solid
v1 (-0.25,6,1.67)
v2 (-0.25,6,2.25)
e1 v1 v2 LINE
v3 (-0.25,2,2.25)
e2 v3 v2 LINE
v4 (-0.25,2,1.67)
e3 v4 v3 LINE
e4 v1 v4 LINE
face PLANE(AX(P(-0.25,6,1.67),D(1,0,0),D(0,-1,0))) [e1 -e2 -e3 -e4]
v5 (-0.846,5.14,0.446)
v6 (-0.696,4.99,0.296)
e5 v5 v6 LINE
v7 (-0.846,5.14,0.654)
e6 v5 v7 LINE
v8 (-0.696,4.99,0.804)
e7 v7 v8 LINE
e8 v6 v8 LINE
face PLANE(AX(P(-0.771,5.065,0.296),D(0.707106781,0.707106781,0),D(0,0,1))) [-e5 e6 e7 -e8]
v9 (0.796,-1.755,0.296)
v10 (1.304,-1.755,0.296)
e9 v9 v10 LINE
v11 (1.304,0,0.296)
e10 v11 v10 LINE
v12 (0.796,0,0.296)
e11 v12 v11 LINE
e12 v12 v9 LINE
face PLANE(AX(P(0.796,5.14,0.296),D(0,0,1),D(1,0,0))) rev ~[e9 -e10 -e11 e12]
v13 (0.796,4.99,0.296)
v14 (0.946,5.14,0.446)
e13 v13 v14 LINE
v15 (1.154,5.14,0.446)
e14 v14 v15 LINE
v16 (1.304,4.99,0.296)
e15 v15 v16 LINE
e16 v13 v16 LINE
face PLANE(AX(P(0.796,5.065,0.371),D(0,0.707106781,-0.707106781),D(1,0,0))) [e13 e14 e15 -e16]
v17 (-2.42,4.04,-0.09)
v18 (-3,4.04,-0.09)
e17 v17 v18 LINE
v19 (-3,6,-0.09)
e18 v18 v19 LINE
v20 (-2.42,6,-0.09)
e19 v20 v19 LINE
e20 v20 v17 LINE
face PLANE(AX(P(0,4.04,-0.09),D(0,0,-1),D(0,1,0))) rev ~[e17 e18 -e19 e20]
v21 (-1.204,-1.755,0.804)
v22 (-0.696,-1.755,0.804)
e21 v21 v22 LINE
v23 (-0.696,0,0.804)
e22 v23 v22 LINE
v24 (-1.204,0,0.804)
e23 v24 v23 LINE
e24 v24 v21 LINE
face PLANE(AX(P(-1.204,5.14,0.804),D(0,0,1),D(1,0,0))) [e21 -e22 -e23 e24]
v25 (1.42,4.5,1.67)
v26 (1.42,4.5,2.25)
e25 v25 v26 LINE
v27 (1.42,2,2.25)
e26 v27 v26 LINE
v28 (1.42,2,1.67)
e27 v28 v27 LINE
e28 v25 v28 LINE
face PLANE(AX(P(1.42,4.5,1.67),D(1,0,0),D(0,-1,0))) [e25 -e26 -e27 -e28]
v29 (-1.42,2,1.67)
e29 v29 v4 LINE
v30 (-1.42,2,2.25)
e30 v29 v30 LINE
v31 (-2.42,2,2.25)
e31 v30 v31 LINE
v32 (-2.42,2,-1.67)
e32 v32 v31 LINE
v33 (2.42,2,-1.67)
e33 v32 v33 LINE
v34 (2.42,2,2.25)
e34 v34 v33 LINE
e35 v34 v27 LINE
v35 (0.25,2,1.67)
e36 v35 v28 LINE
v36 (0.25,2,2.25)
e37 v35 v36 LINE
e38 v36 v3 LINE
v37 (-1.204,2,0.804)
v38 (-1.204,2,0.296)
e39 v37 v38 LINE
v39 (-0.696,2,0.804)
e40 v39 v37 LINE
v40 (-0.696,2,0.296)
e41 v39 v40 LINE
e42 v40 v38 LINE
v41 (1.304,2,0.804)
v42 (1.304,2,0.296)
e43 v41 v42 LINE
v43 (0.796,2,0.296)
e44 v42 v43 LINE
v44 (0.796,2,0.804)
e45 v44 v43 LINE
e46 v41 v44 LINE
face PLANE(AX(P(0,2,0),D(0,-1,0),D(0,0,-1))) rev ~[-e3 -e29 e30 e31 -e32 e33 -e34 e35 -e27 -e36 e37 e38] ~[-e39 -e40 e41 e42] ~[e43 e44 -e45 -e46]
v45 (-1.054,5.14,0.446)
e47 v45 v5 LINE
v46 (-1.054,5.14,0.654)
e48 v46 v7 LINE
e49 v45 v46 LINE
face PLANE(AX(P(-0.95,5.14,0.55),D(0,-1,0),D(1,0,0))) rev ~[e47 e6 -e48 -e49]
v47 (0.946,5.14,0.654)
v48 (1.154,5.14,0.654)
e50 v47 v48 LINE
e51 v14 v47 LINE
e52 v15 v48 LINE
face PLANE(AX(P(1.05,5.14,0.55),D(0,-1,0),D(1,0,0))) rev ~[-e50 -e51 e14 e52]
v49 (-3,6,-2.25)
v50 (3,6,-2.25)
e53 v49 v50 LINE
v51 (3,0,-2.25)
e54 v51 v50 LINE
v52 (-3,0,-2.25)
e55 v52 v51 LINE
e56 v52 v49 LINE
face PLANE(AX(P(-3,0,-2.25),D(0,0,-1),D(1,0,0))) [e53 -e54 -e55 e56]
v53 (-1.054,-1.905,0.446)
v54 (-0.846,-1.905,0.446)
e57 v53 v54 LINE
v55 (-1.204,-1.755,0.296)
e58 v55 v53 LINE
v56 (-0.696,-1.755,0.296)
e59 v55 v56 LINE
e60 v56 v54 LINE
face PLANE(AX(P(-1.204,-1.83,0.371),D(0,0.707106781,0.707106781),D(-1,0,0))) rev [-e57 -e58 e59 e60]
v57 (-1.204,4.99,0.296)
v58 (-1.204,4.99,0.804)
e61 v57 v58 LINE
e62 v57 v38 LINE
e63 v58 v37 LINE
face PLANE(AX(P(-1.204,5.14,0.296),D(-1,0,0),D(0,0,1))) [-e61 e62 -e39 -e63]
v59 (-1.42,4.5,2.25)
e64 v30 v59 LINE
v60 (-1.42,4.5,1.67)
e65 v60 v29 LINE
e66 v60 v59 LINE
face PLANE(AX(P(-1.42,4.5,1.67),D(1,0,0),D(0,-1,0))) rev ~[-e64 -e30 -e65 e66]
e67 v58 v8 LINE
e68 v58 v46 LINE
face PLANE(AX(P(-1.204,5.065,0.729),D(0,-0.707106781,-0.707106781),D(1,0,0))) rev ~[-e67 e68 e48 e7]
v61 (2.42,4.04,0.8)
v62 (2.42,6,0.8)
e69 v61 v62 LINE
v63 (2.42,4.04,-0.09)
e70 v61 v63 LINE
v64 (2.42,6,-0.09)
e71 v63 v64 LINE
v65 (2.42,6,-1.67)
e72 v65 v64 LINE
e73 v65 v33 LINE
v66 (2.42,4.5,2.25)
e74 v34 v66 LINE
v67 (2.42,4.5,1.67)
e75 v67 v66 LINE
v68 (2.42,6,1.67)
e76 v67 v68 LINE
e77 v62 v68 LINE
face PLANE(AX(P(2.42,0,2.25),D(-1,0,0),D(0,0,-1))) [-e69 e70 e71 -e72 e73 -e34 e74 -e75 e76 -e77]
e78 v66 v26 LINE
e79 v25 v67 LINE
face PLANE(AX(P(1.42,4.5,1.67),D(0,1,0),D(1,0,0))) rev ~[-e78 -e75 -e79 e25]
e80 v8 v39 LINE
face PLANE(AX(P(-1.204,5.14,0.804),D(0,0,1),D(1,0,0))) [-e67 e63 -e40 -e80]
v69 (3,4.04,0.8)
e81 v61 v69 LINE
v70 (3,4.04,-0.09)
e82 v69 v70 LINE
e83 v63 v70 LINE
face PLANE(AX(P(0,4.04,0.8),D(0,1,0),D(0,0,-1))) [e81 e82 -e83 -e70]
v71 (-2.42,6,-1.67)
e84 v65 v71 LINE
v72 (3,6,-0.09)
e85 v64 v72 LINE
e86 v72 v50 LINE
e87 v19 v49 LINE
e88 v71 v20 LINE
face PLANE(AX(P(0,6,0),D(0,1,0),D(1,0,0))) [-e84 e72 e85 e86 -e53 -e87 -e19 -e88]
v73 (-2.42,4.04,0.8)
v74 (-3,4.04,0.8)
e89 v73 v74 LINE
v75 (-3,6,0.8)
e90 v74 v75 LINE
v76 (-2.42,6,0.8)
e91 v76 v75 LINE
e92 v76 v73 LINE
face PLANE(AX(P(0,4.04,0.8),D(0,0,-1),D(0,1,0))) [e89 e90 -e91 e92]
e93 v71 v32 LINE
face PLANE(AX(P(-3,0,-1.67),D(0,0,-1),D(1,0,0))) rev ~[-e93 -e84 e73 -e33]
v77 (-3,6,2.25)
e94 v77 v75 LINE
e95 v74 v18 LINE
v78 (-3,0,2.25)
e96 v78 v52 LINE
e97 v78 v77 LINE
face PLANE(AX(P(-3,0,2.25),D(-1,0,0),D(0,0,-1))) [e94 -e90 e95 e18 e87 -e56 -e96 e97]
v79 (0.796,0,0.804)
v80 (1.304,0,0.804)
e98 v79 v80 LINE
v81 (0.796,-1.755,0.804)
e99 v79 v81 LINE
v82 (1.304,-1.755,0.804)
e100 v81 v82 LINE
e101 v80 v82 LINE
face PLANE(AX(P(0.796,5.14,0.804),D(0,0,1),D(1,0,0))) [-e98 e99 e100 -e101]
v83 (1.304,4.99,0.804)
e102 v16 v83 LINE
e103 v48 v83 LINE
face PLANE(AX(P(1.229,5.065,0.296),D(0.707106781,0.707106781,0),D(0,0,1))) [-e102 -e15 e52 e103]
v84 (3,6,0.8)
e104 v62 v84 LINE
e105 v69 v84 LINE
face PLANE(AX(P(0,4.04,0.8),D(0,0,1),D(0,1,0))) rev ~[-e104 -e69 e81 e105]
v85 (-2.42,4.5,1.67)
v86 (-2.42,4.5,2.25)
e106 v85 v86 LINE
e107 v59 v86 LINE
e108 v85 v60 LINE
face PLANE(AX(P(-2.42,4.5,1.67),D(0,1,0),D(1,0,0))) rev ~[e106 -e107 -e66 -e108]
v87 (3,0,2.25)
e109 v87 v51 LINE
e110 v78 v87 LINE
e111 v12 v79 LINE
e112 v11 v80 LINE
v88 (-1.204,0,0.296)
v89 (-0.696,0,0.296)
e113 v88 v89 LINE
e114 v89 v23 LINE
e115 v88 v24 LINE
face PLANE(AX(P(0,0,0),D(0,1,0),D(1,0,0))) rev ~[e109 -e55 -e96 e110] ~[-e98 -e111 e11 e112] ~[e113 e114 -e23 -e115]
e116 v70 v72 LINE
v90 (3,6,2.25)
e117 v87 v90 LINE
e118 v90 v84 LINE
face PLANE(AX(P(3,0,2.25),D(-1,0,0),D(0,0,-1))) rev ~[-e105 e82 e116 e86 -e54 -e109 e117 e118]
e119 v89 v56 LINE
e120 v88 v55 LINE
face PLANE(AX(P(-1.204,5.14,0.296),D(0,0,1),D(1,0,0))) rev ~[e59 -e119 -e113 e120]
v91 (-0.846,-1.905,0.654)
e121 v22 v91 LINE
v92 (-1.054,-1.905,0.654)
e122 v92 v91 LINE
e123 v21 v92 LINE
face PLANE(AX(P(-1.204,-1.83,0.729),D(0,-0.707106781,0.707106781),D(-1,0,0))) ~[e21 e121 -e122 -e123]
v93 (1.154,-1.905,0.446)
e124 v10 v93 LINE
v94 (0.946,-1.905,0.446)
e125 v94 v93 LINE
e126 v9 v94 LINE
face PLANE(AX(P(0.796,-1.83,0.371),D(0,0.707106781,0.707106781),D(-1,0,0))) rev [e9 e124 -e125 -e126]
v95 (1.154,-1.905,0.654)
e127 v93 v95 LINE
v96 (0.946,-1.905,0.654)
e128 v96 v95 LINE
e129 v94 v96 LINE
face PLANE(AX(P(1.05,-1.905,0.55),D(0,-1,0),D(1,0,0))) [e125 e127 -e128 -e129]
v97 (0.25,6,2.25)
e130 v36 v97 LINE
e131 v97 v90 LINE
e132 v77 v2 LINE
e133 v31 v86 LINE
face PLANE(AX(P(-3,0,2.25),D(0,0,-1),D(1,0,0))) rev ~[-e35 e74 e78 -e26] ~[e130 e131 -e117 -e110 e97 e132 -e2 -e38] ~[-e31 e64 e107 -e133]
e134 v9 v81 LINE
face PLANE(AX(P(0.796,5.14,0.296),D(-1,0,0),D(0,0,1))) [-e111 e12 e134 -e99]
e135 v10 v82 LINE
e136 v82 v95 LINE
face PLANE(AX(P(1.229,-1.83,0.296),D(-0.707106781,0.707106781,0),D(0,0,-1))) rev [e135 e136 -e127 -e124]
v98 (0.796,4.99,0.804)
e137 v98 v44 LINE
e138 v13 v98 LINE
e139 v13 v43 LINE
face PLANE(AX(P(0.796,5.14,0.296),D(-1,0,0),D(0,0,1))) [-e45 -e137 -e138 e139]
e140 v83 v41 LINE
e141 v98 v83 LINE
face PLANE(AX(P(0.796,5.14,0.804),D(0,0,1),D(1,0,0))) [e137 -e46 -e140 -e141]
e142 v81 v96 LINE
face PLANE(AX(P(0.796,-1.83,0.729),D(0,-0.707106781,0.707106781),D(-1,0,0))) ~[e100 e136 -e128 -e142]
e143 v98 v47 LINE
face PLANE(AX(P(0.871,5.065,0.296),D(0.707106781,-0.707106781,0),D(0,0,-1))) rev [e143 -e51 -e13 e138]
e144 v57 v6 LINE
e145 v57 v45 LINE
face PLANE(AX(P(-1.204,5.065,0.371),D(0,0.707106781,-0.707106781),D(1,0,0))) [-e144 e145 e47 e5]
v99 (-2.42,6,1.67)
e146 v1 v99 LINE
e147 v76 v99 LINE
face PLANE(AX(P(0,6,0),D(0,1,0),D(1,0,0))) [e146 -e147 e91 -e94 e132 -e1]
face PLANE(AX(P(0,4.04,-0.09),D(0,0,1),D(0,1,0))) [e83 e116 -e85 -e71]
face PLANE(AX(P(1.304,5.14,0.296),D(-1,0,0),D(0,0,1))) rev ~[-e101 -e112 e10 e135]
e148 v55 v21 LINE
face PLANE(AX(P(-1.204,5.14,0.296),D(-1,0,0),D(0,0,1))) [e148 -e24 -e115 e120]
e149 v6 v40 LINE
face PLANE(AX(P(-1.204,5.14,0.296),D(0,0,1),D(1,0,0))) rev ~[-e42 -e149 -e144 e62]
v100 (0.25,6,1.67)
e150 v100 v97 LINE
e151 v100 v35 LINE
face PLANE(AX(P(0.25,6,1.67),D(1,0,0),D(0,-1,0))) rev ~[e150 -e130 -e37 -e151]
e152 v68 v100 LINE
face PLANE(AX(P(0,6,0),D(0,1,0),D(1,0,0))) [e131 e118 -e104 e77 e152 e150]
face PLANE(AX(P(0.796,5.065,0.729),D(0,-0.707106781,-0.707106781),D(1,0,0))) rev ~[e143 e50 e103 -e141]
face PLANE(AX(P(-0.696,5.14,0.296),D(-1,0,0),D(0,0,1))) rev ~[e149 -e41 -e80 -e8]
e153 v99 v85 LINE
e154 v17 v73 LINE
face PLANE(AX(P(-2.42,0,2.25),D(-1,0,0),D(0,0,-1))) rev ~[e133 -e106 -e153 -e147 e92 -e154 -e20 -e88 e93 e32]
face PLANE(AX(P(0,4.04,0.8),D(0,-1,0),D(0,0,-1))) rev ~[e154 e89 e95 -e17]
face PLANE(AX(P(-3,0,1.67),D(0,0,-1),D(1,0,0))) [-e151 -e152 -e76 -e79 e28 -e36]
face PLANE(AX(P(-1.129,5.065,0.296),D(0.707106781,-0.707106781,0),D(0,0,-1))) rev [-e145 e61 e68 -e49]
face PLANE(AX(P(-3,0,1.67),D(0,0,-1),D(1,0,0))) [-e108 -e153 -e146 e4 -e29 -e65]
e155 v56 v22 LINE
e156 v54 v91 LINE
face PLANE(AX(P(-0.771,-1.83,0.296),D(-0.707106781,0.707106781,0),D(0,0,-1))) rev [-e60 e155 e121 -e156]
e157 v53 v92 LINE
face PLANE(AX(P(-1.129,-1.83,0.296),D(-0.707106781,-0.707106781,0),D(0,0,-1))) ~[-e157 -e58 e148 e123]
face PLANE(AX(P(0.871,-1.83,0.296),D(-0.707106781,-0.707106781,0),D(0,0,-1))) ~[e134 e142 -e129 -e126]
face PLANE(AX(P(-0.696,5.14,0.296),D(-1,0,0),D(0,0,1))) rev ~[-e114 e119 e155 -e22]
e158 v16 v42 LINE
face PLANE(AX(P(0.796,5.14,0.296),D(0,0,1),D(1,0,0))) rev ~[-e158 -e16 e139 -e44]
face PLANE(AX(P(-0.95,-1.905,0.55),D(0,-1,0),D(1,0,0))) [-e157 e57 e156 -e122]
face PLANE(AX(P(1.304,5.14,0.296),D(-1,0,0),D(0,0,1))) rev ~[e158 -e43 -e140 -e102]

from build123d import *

# Parameters (mm, degrees)
SKETCH4_W                          = 6
SKETCH4_H                          = 4.5
BODY_EXTRUDE2_DEPTH                = 6
BODY_SHELL1_T                      = -0.58
BODY_SHELL1_THICKNESS_2_FACE_W     = 3.34
BODY_SHELL1_THICKNESS_2_FACE_H     = 4.84
BODY_SHELL1_THICKNESS_2_DEPTH      = 1.42
EXTRUDE3_REACH                     = 9.075
SKETCH66_W                         = 0.89
SKETCH66_H                         = 1.96
EXTRUDE3_DIRECTION_2_REACH         = 9.075
EXTRUDE2_REACH                     = 9.77
SKETCH65_W                         = 0.5
SKETCH65_H                         = 4
SKETCH65_W_2                       = 1
SKETCH65_H_2                       = 2.5
SKETCH64_W                         = 0.508
SKETCH64_H                         = 0.508
PINS_EXTRUDE_DEPTH                 = 7.045
PINS_CHAMFER_SIZE                  = 0.15
PINS_LPATTERN_COUNT                = 2
PINS_LPATTERN_PITCH                = 2
PINS_CHAMFER_OF_PINS_LPATTERN_SIZE = 0.15


with BuildPart() as part:
    # Sketch4 → Body-Extrude2 (new body)
    with BuildSketch(Plane(origin=(6.86422654, 0, 1.863703399), x_dir=(1, 0, 0), z_dir=(0, 1, 0))):
        with Locations((-6.86422654, 1.863703399)):
            Rectangle(SKETCH4_W, SKETCH4_H)
    extrude(amount=BODY_EXTRUDE2_DEPTH)

    # Body-Shell1
    body_shell1_openings = [part.faces().sort_by_distance(p)[0] for p in [
        (0, 6, 0),
    ]]
    offset(amount=BODY_SHELL1_T, openings=body_shell1_openings, kind=Kind.INTERSECTION)

    # Body-Shell1 thickness 2 face (on inner face of the shell) → Body-Shell1 thickness 2 (add)
    with BuildSketch(Plane(origin=(0, 0.58, 0), x_dir=(0, 0, -1), z_dir=(0, -1, 0))):
        Rectangle(BODY_SHELL1_THICKNESS_2_FACE_W, BODY_SHELL1_THICKNESS_2_FACE_H)
    extrude(amount=-BODY_SHELL1_THICKNESS_2_DEPTH)

    # Extrude3: up to this face of the body (flat: up to its plane)
    extrude3_end = Plane(part.part.faces().sort_by_distance((-3, 3, 0))[0])
    # Sketch66 → Extrude3 (cut, up to the picked face)
    with BuildSketch(Plane(origin=(0, 0, 0), x_dir=(0, 0, -1), z_dir=(1, 0, 0)), mode=Mode.PRIVATE) as extrude3_sk1:
        with Locations((-0.355, 5.02)):
            Rectangle(SKETCH66_W, SKETCH66_H)
    extrude3_tool1 = split(extrude(extrude3_sk1.sketch, amount=-EXTRUDE3_REACH, mode=Mode.PRIVATE), bisect_by=extrude3_end, keep=Keep.BOTH, mode=Mode.PRIVATE)
    add(extrude3_tool1.solids().sort_by(Axis((0, 5.02, 0.355), (-1, 0, 0)))[0], mode=Mode.SUBTRACT)

    # Extrude3 direction 2: up to this face of the body (flat: up to its plane)
    extrude3_direction_2_end = Plane(part.part.faces().sort_by_distance((3, 3, 0))[0])
    # Sketch66 → Extrude3 direction 2 (cut, up to the picked face)
    with BuildSketch(Plane(origin=(0, 0, 0), x_dir=(0, 0, -1), z_dir=(1, 0, 0)), mode=Mode.PRIVATE) as extrude3_direction_2_sk1:
        with Locations((-0.355, 5.02)):
            Rectangle(SKETCH66_W, SKETCH66_H)
    extrude3_direction_2_tool1 = split(extrude(extrude3_direction_2_sk1.sketch, amount=EXTRUDE3_DIRECTION_2_REACH, mode=Mode.PRIVATE), bisect_by=extrude3_direction_2_end, keep=Keep.BOTH, mode=Mode.PRIVATE)
    add(extrude3_direction_2_tool1.solids().sort_by(Axis((0, 5.02, 0.355), (1, 0, 0)))[0], mode=Mode.SUBTRACT)

    # Sketch65 → Extrude2 (cut, up to next)
    with BuildSketch(Plane(origin=(0, 0, 1.67), x_dir=(1, 0, 0), z_dir=(0, 0, -1)), mode=Mode.PRIVATE) as extrude2_sk1:
        with Locations((0, -4)):
            Rectangle(SKETCH65_W, SKETCH65_H)
    extrude2_tool1 = extrude(extrude2_sk1.sketch, amount=-EXTRUDE2_REACH, mode=Mode.PRIVATE) & part.part
    # Sketch65 → Extrude2 (cut, up to next)
    with BuildSketch(Plane(origin=(0, 0, 1.67), x_dir=(1, 0, 0), z_dir=(0, 0, -1)), mode=Mode.PRIVATE) as extrude2_sk2:
        with Locations((-1.92, -3.25)):
            Rectangle(SKETCH65_W_2, SKETCH65_H_2)
    extrude2_tool2 = extrude(extrude2_sk2.sketch, amount=-EXTRUDE2_REACH, mode=Mode.PRIVATE) & part.part
    # Sketch65 → Extrude2 (cut, up to next)
    with BuildSketch(Plane(origin=(0, 0, 1.67), x_dir=(1, 0, 0), z_dir=(0, 0, -1)), mode=Mode.PRIVATE) as extrude2_sk3:
        with Locations((1.92, -3.25)):
            Rectangle(SKETCH65_W_2, SKETCH65_H_2)
    extrude2_tool3 = extrude(extrude2_sk3.sketch, amount=-EXTRUDE2_REACH, mode=Mode.PRIVATE) & part.part
    add(extrude2_tool1.solids().sort_by_distance((0, 4, 1.67))[0], mode=Mode.SUBTRACT)
    add(extrude2_tool2.solids().sort_by_distance((-1.92, 3.25, 1.67))[0], mode=Mode.SUBTRACT)
    add(extrude2_tool3.solids().sort_by_distance((1.92, 3.25, 1.67))[0], mode=Mode.SUBTRACT)

    # Sketch64 → Pins-Extrude (add)
    with BuildSketch(Plane(origin=(0, 5.14, -3.64), x_dir=(1, 0, 0), z_dir=(0, -1, 0))):
        with Locations((1.05, 4.19)):
            Rectangle(SKETCH64_W, SKETCH64_H)
    pins_extrude = extrude(amount=PINS_EXTRUDE_DEPTH)

    # Pins-Chamfer
    pins_chamfer_edges = [part.edges().sort_by_distance(p)[0] for p in [
        (0.796, 5.14, 0.55),
        (1.05, 5.14, 0.296),
        (1.304, 5.14, 0.55),
        (1.05, 5.14, 0.804),
        (1.05, -1.905, 0.804),
        (0.796, -1.905, 0.55),
        (1.05, -1.905, 0.296),
        (1.304, -1.905, 0.55),
    ]]
    chamfer(pins_chamfer_edges, length=PINS_CHAMFER_SIZE)

    # Pins-LPattern: Pins-Extrude ×2
    with Locations(*[(-i * PINS_LPATTERN_PITCH, 0, 0) for i in range(1, PINS_LPATTERN_COUNT)]):
        add(pins_extrude)

    # Pins-Chamfer of Pins-LPattern
    pins_chamfer_of_pins_lpattern_edges = [part.edges().sort_by_distance(p)[0] for p in [
        (-1.204, 5.14, 0.55),
        (-0.95, 5.14, 0.296),
        (-0.696, 5.14, 0.55),
        (-0.95, 5.14, 0.804),
        (-0.95, -1.905, 0.804),
        (-1.204, -1.905, 0.55),
        (-0.95, -1.905, 0.296),
        (-0.696, -1.905, 0.55),
    ]]
    chamfer(pins_chamfer_of_pins_lpattern_edges, length=PINS_CHAMFER_OF_PINS_LPATTERN_SIZE)


solid = part.part
